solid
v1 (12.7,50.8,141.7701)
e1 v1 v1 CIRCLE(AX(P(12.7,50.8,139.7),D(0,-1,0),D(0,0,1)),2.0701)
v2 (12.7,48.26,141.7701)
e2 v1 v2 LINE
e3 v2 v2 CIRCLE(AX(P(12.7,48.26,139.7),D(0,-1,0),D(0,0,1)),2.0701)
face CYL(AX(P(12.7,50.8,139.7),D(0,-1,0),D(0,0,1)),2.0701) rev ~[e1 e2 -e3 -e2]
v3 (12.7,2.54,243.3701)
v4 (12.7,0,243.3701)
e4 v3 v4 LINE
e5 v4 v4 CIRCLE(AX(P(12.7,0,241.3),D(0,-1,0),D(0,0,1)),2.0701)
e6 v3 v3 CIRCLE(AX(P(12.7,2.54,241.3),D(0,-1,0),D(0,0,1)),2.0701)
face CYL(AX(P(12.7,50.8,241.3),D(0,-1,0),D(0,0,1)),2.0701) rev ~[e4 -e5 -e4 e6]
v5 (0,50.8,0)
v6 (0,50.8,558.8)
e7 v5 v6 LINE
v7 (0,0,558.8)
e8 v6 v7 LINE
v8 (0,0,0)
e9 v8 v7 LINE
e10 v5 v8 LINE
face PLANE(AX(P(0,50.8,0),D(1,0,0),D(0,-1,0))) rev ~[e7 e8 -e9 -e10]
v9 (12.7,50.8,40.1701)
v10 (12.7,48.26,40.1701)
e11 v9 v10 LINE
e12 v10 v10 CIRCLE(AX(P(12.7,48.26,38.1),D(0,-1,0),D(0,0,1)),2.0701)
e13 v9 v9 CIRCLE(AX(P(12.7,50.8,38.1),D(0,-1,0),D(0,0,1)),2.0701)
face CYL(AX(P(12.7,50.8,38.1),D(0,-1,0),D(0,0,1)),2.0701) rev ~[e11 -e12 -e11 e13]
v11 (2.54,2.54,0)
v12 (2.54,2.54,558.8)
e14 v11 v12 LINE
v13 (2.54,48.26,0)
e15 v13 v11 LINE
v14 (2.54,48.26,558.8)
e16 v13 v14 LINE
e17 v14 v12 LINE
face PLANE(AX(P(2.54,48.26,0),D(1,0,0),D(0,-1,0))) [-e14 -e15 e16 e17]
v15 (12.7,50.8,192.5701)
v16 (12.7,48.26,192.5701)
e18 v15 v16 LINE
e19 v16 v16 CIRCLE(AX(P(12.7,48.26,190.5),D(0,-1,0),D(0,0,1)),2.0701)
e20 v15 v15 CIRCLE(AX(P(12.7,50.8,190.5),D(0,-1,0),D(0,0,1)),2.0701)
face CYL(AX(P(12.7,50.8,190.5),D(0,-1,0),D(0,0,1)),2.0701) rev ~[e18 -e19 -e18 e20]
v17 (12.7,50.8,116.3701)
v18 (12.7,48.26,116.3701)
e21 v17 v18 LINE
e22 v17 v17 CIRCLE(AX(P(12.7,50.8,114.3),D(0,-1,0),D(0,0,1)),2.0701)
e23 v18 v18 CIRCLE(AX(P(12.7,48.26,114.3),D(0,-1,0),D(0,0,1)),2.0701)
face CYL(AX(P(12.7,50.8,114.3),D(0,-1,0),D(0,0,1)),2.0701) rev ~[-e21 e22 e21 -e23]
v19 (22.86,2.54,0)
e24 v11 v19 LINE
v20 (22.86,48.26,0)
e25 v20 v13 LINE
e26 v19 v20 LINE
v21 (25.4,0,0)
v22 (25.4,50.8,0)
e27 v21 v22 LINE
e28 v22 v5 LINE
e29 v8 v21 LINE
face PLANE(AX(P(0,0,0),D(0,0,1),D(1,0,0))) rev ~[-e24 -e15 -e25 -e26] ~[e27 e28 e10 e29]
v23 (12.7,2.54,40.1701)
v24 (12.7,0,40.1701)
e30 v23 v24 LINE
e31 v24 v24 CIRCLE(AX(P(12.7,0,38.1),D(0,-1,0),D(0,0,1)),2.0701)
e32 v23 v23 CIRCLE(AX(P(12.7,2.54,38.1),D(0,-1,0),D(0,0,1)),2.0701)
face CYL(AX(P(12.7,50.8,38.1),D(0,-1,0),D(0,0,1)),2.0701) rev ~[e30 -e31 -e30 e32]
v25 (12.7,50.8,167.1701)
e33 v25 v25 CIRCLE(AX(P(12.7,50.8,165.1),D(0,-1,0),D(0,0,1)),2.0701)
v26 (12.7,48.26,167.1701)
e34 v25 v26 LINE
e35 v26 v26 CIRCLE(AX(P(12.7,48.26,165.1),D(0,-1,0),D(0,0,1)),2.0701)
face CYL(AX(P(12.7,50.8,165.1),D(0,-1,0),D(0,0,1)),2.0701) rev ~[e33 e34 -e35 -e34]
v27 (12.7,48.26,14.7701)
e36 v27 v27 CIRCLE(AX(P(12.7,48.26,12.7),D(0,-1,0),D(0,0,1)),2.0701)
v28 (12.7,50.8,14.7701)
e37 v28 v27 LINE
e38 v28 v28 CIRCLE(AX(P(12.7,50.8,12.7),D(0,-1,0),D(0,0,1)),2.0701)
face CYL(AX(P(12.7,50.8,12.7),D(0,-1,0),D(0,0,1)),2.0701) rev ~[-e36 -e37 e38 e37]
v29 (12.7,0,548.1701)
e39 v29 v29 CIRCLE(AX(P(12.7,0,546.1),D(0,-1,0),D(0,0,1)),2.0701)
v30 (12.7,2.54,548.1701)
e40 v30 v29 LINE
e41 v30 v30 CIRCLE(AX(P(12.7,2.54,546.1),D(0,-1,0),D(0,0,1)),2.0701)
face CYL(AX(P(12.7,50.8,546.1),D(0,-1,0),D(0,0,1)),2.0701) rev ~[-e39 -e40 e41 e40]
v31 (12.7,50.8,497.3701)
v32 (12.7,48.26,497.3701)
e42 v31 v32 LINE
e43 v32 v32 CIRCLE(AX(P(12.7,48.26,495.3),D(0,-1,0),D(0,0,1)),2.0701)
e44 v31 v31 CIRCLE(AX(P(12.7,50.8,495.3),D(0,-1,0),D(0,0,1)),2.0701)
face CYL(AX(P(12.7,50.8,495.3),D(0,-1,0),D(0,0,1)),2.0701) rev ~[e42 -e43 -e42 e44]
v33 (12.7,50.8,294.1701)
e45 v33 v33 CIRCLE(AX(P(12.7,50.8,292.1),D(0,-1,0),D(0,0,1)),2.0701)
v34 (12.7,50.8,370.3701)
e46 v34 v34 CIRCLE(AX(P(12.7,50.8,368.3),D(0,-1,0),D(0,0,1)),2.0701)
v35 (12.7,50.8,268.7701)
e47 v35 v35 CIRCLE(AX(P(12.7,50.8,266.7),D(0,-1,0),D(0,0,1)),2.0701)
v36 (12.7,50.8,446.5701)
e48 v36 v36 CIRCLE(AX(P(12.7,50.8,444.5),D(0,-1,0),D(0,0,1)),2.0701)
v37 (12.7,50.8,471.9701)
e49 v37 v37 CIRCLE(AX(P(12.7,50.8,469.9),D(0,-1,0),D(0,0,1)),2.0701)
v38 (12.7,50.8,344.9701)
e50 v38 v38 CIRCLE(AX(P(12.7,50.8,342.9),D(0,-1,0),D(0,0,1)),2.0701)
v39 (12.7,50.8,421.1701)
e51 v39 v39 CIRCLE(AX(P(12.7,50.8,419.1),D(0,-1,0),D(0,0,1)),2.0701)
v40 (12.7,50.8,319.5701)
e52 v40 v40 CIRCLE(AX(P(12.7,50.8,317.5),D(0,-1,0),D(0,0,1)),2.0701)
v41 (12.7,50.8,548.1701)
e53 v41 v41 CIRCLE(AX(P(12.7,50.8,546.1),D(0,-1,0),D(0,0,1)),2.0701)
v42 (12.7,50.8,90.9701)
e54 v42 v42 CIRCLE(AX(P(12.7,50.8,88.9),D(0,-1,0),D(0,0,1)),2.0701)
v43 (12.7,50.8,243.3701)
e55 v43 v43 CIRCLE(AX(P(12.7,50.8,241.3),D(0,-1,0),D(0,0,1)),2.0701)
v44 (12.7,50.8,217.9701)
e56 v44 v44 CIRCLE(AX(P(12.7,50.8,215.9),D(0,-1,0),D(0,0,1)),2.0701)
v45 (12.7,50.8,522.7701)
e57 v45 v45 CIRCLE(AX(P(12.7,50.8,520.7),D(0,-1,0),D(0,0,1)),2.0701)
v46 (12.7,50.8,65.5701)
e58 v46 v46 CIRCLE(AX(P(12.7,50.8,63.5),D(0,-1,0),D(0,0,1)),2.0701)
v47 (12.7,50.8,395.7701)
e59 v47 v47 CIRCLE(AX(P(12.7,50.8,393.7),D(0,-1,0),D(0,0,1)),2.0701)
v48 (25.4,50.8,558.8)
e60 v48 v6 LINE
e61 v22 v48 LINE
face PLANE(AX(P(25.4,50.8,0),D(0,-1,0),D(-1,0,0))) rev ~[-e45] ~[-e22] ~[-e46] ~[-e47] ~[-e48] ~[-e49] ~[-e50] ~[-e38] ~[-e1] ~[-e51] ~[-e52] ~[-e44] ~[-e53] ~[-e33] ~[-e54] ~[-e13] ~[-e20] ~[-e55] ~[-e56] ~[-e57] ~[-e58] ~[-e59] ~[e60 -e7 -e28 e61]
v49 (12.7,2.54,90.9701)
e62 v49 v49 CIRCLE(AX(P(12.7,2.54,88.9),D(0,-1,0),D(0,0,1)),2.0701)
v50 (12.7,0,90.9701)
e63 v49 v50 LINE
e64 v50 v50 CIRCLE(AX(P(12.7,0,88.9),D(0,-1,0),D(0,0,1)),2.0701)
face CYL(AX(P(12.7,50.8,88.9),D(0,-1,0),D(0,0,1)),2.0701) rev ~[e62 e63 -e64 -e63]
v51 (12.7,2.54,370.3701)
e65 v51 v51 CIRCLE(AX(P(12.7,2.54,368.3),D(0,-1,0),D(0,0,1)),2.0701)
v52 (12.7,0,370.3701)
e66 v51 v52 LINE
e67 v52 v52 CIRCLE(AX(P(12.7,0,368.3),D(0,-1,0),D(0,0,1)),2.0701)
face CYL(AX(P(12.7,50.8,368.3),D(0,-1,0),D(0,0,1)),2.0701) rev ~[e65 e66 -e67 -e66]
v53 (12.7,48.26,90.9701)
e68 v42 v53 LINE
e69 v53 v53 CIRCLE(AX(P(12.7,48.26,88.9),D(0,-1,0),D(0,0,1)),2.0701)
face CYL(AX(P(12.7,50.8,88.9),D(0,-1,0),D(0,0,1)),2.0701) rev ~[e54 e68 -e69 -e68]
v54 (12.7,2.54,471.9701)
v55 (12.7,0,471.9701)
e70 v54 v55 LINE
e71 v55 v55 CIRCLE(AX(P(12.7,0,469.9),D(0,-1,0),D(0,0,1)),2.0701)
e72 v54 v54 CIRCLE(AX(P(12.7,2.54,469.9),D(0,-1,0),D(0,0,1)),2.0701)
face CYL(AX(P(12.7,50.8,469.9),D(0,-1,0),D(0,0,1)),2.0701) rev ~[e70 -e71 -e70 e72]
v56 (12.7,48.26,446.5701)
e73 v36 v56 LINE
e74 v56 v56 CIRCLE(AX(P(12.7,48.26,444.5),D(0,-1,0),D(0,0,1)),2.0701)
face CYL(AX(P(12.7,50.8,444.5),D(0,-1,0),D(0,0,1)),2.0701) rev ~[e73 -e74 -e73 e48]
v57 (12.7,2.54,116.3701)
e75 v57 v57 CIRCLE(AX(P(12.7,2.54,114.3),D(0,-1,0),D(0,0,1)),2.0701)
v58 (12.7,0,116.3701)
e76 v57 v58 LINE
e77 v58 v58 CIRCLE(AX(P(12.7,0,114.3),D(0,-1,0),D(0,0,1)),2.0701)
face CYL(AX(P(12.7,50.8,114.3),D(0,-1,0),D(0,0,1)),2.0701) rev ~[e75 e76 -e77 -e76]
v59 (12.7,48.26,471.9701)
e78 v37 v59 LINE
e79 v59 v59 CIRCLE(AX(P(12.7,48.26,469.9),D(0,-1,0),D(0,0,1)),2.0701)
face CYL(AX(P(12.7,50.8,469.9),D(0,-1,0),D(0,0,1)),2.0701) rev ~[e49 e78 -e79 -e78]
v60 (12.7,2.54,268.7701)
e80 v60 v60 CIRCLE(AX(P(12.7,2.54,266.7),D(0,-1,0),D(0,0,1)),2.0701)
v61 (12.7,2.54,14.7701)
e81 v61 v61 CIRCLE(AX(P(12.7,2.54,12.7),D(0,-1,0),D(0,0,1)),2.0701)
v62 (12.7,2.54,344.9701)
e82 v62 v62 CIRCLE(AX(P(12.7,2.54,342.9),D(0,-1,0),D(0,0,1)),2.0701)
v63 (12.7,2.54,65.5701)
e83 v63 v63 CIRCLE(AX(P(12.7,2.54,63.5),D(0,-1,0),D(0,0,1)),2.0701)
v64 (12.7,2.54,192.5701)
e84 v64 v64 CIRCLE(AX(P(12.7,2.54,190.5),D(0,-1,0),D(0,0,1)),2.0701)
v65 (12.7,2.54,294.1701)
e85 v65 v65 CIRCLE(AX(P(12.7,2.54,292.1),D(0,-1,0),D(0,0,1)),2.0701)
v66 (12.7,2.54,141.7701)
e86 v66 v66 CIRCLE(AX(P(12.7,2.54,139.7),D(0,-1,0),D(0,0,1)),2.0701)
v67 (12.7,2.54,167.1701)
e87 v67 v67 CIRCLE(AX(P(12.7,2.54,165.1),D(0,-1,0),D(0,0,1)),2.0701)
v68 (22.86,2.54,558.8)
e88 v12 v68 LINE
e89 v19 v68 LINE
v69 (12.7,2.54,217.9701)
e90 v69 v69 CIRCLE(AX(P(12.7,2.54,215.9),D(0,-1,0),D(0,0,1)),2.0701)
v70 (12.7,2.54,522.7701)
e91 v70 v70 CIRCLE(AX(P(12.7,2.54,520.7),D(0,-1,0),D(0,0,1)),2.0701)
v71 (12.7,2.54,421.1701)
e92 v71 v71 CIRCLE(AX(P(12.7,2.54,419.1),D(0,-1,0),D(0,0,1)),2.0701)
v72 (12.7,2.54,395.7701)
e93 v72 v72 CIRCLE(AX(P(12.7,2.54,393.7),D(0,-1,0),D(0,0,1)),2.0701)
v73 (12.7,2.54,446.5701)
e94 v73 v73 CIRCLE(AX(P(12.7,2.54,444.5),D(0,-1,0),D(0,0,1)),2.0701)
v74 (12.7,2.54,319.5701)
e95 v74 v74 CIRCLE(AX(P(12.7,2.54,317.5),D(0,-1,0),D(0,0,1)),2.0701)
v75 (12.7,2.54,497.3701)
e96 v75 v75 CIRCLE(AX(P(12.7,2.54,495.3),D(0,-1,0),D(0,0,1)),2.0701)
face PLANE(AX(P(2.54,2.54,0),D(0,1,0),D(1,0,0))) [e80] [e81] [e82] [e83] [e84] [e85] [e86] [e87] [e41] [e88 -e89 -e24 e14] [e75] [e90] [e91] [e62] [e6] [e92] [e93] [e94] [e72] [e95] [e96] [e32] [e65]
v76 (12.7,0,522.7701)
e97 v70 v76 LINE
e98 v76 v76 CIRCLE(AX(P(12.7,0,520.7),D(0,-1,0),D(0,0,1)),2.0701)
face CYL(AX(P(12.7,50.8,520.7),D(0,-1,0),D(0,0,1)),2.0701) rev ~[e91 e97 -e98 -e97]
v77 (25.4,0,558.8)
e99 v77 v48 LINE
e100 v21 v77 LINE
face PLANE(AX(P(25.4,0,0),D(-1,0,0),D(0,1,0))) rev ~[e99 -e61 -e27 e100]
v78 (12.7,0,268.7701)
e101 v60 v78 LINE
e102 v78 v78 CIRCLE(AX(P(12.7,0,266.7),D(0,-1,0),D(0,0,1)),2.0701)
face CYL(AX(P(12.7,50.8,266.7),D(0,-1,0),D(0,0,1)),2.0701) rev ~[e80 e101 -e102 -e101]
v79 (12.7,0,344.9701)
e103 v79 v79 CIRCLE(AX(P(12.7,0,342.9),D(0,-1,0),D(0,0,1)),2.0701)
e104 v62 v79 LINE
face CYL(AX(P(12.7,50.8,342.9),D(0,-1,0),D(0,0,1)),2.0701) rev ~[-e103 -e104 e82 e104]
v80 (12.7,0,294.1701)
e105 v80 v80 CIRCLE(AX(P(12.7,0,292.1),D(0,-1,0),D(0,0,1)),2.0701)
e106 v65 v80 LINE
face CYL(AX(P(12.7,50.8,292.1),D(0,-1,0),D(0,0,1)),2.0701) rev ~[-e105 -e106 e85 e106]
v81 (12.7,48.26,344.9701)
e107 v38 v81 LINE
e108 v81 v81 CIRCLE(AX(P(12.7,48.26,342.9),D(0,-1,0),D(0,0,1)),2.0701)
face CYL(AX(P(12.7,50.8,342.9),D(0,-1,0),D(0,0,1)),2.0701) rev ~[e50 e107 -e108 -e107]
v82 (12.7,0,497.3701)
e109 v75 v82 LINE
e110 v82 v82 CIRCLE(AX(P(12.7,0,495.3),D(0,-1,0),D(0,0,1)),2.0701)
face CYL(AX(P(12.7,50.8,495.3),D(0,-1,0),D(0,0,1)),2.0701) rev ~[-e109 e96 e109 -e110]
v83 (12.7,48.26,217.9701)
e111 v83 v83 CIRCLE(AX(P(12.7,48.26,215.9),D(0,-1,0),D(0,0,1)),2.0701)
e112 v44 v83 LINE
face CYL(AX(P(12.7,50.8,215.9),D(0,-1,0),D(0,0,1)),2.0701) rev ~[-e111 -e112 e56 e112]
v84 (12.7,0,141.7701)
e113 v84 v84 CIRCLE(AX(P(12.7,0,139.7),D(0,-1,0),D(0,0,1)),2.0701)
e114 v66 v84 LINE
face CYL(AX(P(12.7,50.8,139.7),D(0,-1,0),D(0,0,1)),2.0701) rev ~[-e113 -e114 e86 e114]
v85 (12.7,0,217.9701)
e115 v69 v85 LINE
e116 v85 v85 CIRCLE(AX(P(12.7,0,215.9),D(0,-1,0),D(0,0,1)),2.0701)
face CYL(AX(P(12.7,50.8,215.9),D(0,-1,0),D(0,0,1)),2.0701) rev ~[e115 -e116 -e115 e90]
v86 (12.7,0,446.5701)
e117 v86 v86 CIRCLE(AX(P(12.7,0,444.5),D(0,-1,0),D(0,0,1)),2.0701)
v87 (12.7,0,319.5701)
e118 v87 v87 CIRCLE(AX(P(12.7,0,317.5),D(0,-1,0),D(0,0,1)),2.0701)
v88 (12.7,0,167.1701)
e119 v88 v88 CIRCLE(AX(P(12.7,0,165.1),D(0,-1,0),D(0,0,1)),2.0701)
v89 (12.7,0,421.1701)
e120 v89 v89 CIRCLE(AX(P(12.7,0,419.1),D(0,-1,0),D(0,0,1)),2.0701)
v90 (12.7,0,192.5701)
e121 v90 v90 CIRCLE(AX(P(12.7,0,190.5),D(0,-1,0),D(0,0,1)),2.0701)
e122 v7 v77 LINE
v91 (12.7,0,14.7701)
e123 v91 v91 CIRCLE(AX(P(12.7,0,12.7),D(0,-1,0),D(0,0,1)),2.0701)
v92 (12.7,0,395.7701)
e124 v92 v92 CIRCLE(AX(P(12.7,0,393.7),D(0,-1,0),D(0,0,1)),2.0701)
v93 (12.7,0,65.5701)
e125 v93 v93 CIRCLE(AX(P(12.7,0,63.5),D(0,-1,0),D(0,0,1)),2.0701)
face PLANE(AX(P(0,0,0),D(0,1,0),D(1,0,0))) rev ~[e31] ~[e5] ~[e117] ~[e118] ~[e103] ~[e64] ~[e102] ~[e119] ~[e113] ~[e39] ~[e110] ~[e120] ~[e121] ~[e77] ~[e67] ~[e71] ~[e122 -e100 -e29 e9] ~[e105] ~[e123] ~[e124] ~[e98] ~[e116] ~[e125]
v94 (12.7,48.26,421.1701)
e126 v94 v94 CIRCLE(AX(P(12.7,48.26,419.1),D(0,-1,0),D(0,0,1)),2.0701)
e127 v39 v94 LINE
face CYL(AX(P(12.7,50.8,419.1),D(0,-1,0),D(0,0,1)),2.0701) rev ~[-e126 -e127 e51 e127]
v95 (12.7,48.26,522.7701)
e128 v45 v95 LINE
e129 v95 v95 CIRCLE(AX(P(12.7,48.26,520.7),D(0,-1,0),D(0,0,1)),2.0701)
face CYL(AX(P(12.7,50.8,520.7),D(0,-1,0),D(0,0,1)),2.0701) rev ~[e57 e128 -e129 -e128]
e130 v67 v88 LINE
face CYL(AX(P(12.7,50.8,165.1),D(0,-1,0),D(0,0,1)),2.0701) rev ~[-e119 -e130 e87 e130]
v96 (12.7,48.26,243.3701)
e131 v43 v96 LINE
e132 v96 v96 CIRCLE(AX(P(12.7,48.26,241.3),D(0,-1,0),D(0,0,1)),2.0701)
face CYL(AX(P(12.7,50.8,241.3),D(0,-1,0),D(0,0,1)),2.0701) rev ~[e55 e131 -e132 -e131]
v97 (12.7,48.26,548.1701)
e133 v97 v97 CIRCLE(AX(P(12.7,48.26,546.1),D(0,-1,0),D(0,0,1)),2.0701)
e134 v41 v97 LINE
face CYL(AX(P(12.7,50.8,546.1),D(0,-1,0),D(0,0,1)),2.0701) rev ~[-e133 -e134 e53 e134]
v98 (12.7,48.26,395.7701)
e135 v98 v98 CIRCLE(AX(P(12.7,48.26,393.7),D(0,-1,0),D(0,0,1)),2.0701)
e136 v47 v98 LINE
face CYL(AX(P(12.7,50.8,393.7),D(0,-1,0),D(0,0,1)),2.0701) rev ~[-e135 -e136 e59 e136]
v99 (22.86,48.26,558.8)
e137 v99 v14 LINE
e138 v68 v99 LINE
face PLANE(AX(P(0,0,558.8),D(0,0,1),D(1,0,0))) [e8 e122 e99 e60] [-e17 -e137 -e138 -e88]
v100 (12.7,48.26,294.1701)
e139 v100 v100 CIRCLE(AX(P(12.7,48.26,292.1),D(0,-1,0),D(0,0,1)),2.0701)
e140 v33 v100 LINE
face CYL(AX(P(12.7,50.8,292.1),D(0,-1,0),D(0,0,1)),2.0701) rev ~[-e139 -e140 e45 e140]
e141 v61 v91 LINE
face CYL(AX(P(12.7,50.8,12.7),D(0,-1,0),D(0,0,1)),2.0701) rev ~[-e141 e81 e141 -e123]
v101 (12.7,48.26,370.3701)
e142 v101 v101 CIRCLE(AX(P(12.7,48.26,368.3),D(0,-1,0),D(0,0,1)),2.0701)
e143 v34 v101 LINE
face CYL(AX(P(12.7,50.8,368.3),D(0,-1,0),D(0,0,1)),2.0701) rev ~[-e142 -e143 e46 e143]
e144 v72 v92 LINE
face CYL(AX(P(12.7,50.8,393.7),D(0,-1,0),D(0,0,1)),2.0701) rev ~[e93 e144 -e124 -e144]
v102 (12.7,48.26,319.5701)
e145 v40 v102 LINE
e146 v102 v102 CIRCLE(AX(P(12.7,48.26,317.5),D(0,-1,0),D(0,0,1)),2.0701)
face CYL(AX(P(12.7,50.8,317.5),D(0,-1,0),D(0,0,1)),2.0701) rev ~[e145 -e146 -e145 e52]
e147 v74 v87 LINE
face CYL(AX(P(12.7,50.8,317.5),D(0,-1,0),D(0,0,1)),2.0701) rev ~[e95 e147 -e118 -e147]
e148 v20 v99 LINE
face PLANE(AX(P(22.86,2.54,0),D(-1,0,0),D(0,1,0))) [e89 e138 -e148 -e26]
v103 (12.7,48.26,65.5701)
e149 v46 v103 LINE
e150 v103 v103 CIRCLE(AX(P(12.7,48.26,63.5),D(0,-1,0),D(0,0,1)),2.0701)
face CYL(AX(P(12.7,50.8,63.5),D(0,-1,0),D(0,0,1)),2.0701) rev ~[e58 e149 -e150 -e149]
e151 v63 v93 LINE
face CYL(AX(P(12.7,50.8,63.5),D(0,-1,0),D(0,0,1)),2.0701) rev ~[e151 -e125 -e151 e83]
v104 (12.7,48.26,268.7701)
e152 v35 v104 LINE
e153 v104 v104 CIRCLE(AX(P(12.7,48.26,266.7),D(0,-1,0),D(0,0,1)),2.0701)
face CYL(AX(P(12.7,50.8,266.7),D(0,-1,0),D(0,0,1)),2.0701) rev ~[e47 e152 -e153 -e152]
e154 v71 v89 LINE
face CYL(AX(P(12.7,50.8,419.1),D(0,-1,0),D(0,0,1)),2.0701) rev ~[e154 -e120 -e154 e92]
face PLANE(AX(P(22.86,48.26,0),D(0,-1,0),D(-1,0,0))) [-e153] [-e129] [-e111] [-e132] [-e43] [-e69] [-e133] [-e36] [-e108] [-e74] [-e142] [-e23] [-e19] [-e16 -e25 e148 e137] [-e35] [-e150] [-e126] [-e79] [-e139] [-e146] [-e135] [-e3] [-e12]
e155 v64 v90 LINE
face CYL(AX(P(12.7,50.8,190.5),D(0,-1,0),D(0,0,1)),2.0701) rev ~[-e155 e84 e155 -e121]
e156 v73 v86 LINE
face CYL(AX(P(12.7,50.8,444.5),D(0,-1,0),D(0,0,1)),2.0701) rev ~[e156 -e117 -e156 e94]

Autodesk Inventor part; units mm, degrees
ref_plane "YZ Plane" through (0, 0, 0) normal (1, 0, 0) x (0, 1, 0)
ref_plane "XZ Plane" through (0, 0, 0) normal (0, 1, 0) x (-1, 0, 0)
ref_plane "XY Plane" through (0, 0, 0) normal (0, 0, 1) x (1, 0, 0)
sketch "Sketch1" plane through (0, 0, 0) normal (0, 0, 1) x (1, 0, 0)
  line L0 (0, 0) -> (25.4, 0)
  line L1 (25.4, 0) -> (25.4, 50.8)
  line L2 (25.4, 50.8) -> (0, 50.8)
  line L3 (0, 50.8) -> (0, 0)
  line L4 (2.54, 2.54) -> (22.86, 2.54)
  line L5 (22.86, 2.54) -> (22.86, 48.26)
  line L6 (22.86, 48.26) -> (2.54, 48.26)
  line L7 (2.54, 48.26) -> (2.54, 2.54)
  dimension "d0" = 25.4
  dimension "d1" = 50.8
  dimension "d2" = 2.54
extrude "Extrusion1" add sketch "Sketch1" along normal blind 558.8
sketch "Sketch2" plane through (0, 50.8, 0) normal (0, 1, 0) x (1, 0, 0)
  line L0 (25.4, -558.8) -> (0, -558.8) projected
  line L1 (0, 0) -> (0, -558.8) projected
  point P0 (12.7, -546.1)
  point P1 (12.7, -520.7)
  point P2 (12.7, -495.3)
  point P3 (12.7, -469.9)
  point P4 (12.7, -444.5)
  point P5 (12.7, -419.1)
  point P6 (12.7, -393.7)
  point P7 (12.7, -368.3)
  point P8 (12.7, -342.9)
  point P9 (12.7, -317.5)
  point P10 (12.7, -292.1)
  point P11 (12.7, -266.7)
  point P12 (12.7, -241.3)
  point P13 (12.7, -215.9)
  point P14 (12.7, -190.5)
  point P15 (12.7, -165.1)
  point P16 (12.7, -139.7)
  point P17 (12.7, -114.3)
  point P18 (12.7, -88.9)
  point P19 (12.7, -63.5)
  point P20 (12.7, -38.1)
  point P21 (12.7, -12.7)
  point P22 (12.7, 12.7)
  point P23 (12.7, 38.1)
  dimension "d5" = 12.7
  dimension "d6" = 12.7
  dimension "d9" = 25.4
hole "Hole1" at (12.7, 50.8, 546.1) at (12.7, 50.8, 520.7) at (12.7, 50.8, 495.3) at (12.7, 50.8, 469.9) at (12.7, 50.8, 444.5) at (12.7, 50.8, 419.1) at (12.7, 50.8, 393.7) at (12.7, 50.8, 368.3) at (12.7, 50.8, 342.9) at (12.7, 50.8, 317.5) at (12.7, 50.8, 292.1) at (12.7, 50.8, 266.7) at (12.7, 50.8, 241.3) at (12.7, 50.8, 215.9) at (12.7, 50.8, 190.5) at (12.7, 50.8, 165.1) at (12.7, 50.8, 139.7) at (12.7, 50.8, 114.3) at (12.7, 50.8, 88.9) at (12.7, 50.8, 63.5) at (12.7, 50.8, 38.1) at (12.7, 50.8, 12.7) at (12.7, 50.8, -12.7) at (12.7, 50.8, -38.1) direction (0, -1, 0) diameter 4.1402 end through all
properties part number "22in2x1Extrusion" material "Aluminum 6061"
